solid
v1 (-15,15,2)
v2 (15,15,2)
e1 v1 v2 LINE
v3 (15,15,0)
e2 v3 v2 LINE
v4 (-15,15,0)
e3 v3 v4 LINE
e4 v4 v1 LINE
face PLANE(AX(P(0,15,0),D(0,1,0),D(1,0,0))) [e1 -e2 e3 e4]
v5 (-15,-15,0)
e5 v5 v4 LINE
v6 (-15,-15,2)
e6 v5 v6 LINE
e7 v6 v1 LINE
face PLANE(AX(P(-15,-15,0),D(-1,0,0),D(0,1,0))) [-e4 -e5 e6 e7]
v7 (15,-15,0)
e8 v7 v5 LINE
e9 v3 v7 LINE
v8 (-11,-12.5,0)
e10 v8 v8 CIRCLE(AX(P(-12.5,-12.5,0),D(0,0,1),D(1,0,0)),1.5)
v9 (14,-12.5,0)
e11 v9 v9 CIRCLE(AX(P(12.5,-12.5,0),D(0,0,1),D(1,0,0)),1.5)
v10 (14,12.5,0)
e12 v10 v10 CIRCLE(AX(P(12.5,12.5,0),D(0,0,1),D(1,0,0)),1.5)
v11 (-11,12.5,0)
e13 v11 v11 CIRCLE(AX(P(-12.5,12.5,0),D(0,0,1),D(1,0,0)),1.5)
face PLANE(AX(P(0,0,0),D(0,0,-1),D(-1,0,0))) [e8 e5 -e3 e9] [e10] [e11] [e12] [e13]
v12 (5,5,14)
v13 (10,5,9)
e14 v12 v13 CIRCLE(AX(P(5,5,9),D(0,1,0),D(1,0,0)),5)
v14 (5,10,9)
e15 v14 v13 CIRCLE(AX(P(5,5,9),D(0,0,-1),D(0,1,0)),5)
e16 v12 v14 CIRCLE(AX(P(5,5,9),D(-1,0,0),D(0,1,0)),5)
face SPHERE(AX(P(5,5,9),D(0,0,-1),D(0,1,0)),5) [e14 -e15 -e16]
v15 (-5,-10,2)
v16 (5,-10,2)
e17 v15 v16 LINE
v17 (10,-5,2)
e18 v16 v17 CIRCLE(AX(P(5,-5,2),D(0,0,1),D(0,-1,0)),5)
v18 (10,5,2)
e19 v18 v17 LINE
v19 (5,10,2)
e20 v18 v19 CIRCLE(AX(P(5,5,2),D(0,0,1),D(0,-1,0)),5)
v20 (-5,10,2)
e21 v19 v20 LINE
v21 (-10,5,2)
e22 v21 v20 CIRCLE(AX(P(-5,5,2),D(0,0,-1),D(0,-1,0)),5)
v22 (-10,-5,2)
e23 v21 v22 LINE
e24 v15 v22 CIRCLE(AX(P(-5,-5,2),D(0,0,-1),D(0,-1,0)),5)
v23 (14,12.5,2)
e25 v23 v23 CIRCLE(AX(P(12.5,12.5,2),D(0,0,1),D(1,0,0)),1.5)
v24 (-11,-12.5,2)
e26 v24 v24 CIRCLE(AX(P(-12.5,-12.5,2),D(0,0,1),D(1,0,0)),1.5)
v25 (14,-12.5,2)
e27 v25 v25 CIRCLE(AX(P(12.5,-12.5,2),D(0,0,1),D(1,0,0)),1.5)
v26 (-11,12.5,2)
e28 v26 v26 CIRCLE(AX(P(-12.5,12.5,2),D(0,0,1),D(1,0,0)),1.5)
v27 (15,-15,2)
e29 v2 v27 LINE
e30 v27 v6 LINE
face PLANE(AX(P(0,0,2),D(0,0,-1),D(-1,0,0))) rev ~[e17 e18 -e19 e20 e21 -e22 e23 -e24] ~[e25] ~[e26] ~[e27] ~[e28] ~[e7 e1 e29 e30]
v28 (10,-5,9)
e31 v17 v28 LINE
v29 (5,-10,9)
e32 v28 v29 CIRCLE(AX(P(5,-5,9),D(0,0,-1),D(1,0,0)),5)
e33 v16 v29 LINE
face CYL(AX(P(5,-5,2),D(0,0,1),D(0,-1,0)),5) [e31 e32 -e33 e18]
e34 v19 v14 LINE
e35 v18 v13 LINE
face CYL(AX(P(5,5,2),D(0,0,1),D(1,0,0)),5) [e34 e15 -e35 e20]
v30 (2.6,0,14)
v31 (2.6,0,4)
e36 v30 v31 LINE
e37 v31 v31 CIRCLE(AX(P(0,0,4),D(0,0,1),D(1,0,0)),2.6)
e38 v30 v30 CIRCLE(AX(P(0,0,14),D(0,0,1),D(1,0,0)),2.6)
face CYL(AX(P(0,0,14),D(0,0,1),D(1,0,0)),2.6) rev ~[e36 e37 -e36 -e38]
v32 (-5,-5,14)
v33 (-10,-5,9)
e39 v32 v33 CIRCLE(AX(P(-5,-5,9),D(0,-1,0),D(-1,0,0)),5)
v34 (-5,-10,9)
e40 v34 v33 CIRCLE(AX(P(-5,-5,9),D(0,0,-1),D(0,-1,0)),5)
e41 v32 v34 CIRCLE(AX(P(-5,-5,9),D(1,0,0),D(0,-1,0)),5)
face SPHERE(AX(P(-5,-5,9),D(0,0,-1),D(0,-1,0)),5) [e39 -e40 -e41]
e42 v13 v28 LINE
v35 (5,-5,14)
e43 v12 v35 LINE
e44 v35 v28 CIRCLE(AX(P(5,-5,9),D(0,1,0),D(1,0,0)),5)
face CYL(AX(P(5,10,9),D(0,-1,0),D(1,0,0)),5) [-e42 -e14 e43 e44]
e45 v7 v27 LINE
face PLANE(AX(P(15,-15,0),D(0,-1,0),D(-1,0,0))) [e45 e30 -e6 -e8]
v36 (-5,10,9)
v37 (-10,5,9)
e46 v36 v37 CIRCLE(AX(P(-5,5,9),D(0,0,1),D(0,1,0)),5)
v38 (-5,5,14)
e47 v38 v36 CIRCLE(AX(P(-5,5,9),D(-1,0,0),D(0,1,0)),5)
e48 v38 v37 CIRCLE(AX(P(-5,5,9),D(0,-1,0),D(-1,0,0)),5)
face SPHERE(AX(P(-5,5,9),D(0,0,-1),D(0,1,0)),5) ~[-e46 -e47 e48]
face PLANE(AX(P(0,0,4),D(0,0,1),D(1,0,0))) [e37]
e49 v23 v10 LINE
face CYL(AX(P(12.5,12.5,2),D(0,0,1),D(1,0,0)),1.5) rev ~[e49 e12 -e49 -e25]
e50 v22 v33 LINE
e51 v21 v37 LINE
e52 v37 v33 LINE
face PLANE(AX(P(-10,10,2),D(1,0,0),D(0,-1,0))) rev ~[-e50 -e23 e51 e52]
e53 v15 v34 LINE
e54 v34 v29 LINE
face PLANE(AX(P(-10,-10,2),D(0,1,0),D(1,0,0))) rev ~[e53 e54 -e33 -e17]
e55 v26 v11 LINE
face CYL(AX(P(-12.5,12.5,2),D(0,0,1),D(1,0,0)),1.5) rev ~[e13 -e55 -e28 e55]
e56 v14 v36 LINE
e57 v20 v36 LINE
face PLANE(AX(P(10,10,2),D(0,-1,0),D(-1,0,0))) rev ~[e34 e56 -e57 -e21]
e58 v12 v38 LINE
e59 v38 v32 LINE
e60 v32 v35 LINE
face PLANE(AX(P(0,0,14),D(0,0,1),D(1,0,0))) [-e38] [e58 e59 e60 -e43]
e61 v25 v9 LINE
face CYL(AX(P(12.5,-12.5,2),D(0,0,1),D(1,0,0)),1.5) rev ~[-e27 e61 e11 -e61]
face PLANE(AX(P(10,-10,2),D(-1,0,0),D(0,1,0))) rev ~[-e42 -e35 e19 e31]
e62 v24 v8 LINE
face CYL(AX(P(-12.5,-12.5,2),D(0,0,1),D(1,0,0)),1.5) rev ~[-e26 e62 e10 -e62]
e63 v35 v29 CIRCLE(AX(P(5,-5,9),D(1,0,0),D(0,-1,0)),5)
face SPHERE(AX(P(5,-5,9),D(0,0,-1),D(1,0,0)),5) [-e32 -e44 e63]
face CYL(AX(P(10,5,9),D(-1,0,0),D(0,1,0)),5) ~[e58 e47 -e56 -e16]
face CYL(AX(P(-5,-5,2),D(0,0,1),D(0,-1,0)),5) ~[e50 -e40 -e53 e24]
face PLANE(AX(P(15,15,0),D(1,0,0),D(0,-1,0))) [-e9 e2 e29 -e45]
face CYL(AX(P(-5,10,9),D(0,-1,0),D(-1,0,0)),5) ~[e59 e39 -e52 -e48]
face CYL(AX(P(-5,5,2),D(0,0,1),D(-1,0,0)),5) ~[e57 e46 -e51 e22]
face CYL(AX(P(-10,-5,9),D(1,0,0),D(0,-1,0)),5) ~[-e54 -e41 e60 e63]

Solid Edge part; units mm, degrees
sketch "Sketch1" plane through (0, 0, 0) normal (0, 0, 1) x (1, 0, 0)
  line L0 (0, 15) -> (15, 15)
  line L1 (15, 15) -> (15, -15)
  line L2 (15, -15) -> (-15, -15)
  line L3 (-15, -15) -> (-15, 15)
  line L4 (-15, 15) -> (0, 15)
extrude "Protrusion1" add sketch "Sketch1" along normal blind 2
sketch "Sketch2" plane through (0, 0, 2) normal (0, 0, 1) x (1, 0, 0)
  line L0 (10, 0) -> (10, 10)
  line L1 (10, 10) -> (-10, 10)
  line L2 (-10, 10) -> (-10, -10)
  line L3 (-10, -10) -> (10, -10)
  line L4 (10, -10) -> (10, 0)
extrude "ExtrudedProtrusion_2" add sketch "Sketch2" along normal blind 12
sketch "Sketch3" plane through (0, 0, 2) normal (0, 0, 1) x (1, 0, 0)
  circle A0 centre (-12.5, -12.5) radius 1.5
  circle A1 centre (12.5, -12.5) radius 1.5
  circle A2 centre (12.5, 12.5) radius 1.5
  circle A3 centre (-12.5, 12.5) radius 1.5
extrude "ExtrudedCutout_1" cut sketch "Sketch3" against normal blind 2
sketch "Sketch4" plane through (0, 0, 14) normal (0, 0, 1) x (1, 0, 0)
  circle A0 centre (0, 0) radius 2.6
extrude "ExtrudedCutout_2" cut sketch "Sketch4" against normal blind 10
fillet "Round_1" radius 5 8 edges at (-10, -10, 8) (-10, 10, 8) (10, -10, 8) (10, 10, 8) (0, 10, 14) (10, 0, 14) (0, -10, 14) (-10, 0, 14)
